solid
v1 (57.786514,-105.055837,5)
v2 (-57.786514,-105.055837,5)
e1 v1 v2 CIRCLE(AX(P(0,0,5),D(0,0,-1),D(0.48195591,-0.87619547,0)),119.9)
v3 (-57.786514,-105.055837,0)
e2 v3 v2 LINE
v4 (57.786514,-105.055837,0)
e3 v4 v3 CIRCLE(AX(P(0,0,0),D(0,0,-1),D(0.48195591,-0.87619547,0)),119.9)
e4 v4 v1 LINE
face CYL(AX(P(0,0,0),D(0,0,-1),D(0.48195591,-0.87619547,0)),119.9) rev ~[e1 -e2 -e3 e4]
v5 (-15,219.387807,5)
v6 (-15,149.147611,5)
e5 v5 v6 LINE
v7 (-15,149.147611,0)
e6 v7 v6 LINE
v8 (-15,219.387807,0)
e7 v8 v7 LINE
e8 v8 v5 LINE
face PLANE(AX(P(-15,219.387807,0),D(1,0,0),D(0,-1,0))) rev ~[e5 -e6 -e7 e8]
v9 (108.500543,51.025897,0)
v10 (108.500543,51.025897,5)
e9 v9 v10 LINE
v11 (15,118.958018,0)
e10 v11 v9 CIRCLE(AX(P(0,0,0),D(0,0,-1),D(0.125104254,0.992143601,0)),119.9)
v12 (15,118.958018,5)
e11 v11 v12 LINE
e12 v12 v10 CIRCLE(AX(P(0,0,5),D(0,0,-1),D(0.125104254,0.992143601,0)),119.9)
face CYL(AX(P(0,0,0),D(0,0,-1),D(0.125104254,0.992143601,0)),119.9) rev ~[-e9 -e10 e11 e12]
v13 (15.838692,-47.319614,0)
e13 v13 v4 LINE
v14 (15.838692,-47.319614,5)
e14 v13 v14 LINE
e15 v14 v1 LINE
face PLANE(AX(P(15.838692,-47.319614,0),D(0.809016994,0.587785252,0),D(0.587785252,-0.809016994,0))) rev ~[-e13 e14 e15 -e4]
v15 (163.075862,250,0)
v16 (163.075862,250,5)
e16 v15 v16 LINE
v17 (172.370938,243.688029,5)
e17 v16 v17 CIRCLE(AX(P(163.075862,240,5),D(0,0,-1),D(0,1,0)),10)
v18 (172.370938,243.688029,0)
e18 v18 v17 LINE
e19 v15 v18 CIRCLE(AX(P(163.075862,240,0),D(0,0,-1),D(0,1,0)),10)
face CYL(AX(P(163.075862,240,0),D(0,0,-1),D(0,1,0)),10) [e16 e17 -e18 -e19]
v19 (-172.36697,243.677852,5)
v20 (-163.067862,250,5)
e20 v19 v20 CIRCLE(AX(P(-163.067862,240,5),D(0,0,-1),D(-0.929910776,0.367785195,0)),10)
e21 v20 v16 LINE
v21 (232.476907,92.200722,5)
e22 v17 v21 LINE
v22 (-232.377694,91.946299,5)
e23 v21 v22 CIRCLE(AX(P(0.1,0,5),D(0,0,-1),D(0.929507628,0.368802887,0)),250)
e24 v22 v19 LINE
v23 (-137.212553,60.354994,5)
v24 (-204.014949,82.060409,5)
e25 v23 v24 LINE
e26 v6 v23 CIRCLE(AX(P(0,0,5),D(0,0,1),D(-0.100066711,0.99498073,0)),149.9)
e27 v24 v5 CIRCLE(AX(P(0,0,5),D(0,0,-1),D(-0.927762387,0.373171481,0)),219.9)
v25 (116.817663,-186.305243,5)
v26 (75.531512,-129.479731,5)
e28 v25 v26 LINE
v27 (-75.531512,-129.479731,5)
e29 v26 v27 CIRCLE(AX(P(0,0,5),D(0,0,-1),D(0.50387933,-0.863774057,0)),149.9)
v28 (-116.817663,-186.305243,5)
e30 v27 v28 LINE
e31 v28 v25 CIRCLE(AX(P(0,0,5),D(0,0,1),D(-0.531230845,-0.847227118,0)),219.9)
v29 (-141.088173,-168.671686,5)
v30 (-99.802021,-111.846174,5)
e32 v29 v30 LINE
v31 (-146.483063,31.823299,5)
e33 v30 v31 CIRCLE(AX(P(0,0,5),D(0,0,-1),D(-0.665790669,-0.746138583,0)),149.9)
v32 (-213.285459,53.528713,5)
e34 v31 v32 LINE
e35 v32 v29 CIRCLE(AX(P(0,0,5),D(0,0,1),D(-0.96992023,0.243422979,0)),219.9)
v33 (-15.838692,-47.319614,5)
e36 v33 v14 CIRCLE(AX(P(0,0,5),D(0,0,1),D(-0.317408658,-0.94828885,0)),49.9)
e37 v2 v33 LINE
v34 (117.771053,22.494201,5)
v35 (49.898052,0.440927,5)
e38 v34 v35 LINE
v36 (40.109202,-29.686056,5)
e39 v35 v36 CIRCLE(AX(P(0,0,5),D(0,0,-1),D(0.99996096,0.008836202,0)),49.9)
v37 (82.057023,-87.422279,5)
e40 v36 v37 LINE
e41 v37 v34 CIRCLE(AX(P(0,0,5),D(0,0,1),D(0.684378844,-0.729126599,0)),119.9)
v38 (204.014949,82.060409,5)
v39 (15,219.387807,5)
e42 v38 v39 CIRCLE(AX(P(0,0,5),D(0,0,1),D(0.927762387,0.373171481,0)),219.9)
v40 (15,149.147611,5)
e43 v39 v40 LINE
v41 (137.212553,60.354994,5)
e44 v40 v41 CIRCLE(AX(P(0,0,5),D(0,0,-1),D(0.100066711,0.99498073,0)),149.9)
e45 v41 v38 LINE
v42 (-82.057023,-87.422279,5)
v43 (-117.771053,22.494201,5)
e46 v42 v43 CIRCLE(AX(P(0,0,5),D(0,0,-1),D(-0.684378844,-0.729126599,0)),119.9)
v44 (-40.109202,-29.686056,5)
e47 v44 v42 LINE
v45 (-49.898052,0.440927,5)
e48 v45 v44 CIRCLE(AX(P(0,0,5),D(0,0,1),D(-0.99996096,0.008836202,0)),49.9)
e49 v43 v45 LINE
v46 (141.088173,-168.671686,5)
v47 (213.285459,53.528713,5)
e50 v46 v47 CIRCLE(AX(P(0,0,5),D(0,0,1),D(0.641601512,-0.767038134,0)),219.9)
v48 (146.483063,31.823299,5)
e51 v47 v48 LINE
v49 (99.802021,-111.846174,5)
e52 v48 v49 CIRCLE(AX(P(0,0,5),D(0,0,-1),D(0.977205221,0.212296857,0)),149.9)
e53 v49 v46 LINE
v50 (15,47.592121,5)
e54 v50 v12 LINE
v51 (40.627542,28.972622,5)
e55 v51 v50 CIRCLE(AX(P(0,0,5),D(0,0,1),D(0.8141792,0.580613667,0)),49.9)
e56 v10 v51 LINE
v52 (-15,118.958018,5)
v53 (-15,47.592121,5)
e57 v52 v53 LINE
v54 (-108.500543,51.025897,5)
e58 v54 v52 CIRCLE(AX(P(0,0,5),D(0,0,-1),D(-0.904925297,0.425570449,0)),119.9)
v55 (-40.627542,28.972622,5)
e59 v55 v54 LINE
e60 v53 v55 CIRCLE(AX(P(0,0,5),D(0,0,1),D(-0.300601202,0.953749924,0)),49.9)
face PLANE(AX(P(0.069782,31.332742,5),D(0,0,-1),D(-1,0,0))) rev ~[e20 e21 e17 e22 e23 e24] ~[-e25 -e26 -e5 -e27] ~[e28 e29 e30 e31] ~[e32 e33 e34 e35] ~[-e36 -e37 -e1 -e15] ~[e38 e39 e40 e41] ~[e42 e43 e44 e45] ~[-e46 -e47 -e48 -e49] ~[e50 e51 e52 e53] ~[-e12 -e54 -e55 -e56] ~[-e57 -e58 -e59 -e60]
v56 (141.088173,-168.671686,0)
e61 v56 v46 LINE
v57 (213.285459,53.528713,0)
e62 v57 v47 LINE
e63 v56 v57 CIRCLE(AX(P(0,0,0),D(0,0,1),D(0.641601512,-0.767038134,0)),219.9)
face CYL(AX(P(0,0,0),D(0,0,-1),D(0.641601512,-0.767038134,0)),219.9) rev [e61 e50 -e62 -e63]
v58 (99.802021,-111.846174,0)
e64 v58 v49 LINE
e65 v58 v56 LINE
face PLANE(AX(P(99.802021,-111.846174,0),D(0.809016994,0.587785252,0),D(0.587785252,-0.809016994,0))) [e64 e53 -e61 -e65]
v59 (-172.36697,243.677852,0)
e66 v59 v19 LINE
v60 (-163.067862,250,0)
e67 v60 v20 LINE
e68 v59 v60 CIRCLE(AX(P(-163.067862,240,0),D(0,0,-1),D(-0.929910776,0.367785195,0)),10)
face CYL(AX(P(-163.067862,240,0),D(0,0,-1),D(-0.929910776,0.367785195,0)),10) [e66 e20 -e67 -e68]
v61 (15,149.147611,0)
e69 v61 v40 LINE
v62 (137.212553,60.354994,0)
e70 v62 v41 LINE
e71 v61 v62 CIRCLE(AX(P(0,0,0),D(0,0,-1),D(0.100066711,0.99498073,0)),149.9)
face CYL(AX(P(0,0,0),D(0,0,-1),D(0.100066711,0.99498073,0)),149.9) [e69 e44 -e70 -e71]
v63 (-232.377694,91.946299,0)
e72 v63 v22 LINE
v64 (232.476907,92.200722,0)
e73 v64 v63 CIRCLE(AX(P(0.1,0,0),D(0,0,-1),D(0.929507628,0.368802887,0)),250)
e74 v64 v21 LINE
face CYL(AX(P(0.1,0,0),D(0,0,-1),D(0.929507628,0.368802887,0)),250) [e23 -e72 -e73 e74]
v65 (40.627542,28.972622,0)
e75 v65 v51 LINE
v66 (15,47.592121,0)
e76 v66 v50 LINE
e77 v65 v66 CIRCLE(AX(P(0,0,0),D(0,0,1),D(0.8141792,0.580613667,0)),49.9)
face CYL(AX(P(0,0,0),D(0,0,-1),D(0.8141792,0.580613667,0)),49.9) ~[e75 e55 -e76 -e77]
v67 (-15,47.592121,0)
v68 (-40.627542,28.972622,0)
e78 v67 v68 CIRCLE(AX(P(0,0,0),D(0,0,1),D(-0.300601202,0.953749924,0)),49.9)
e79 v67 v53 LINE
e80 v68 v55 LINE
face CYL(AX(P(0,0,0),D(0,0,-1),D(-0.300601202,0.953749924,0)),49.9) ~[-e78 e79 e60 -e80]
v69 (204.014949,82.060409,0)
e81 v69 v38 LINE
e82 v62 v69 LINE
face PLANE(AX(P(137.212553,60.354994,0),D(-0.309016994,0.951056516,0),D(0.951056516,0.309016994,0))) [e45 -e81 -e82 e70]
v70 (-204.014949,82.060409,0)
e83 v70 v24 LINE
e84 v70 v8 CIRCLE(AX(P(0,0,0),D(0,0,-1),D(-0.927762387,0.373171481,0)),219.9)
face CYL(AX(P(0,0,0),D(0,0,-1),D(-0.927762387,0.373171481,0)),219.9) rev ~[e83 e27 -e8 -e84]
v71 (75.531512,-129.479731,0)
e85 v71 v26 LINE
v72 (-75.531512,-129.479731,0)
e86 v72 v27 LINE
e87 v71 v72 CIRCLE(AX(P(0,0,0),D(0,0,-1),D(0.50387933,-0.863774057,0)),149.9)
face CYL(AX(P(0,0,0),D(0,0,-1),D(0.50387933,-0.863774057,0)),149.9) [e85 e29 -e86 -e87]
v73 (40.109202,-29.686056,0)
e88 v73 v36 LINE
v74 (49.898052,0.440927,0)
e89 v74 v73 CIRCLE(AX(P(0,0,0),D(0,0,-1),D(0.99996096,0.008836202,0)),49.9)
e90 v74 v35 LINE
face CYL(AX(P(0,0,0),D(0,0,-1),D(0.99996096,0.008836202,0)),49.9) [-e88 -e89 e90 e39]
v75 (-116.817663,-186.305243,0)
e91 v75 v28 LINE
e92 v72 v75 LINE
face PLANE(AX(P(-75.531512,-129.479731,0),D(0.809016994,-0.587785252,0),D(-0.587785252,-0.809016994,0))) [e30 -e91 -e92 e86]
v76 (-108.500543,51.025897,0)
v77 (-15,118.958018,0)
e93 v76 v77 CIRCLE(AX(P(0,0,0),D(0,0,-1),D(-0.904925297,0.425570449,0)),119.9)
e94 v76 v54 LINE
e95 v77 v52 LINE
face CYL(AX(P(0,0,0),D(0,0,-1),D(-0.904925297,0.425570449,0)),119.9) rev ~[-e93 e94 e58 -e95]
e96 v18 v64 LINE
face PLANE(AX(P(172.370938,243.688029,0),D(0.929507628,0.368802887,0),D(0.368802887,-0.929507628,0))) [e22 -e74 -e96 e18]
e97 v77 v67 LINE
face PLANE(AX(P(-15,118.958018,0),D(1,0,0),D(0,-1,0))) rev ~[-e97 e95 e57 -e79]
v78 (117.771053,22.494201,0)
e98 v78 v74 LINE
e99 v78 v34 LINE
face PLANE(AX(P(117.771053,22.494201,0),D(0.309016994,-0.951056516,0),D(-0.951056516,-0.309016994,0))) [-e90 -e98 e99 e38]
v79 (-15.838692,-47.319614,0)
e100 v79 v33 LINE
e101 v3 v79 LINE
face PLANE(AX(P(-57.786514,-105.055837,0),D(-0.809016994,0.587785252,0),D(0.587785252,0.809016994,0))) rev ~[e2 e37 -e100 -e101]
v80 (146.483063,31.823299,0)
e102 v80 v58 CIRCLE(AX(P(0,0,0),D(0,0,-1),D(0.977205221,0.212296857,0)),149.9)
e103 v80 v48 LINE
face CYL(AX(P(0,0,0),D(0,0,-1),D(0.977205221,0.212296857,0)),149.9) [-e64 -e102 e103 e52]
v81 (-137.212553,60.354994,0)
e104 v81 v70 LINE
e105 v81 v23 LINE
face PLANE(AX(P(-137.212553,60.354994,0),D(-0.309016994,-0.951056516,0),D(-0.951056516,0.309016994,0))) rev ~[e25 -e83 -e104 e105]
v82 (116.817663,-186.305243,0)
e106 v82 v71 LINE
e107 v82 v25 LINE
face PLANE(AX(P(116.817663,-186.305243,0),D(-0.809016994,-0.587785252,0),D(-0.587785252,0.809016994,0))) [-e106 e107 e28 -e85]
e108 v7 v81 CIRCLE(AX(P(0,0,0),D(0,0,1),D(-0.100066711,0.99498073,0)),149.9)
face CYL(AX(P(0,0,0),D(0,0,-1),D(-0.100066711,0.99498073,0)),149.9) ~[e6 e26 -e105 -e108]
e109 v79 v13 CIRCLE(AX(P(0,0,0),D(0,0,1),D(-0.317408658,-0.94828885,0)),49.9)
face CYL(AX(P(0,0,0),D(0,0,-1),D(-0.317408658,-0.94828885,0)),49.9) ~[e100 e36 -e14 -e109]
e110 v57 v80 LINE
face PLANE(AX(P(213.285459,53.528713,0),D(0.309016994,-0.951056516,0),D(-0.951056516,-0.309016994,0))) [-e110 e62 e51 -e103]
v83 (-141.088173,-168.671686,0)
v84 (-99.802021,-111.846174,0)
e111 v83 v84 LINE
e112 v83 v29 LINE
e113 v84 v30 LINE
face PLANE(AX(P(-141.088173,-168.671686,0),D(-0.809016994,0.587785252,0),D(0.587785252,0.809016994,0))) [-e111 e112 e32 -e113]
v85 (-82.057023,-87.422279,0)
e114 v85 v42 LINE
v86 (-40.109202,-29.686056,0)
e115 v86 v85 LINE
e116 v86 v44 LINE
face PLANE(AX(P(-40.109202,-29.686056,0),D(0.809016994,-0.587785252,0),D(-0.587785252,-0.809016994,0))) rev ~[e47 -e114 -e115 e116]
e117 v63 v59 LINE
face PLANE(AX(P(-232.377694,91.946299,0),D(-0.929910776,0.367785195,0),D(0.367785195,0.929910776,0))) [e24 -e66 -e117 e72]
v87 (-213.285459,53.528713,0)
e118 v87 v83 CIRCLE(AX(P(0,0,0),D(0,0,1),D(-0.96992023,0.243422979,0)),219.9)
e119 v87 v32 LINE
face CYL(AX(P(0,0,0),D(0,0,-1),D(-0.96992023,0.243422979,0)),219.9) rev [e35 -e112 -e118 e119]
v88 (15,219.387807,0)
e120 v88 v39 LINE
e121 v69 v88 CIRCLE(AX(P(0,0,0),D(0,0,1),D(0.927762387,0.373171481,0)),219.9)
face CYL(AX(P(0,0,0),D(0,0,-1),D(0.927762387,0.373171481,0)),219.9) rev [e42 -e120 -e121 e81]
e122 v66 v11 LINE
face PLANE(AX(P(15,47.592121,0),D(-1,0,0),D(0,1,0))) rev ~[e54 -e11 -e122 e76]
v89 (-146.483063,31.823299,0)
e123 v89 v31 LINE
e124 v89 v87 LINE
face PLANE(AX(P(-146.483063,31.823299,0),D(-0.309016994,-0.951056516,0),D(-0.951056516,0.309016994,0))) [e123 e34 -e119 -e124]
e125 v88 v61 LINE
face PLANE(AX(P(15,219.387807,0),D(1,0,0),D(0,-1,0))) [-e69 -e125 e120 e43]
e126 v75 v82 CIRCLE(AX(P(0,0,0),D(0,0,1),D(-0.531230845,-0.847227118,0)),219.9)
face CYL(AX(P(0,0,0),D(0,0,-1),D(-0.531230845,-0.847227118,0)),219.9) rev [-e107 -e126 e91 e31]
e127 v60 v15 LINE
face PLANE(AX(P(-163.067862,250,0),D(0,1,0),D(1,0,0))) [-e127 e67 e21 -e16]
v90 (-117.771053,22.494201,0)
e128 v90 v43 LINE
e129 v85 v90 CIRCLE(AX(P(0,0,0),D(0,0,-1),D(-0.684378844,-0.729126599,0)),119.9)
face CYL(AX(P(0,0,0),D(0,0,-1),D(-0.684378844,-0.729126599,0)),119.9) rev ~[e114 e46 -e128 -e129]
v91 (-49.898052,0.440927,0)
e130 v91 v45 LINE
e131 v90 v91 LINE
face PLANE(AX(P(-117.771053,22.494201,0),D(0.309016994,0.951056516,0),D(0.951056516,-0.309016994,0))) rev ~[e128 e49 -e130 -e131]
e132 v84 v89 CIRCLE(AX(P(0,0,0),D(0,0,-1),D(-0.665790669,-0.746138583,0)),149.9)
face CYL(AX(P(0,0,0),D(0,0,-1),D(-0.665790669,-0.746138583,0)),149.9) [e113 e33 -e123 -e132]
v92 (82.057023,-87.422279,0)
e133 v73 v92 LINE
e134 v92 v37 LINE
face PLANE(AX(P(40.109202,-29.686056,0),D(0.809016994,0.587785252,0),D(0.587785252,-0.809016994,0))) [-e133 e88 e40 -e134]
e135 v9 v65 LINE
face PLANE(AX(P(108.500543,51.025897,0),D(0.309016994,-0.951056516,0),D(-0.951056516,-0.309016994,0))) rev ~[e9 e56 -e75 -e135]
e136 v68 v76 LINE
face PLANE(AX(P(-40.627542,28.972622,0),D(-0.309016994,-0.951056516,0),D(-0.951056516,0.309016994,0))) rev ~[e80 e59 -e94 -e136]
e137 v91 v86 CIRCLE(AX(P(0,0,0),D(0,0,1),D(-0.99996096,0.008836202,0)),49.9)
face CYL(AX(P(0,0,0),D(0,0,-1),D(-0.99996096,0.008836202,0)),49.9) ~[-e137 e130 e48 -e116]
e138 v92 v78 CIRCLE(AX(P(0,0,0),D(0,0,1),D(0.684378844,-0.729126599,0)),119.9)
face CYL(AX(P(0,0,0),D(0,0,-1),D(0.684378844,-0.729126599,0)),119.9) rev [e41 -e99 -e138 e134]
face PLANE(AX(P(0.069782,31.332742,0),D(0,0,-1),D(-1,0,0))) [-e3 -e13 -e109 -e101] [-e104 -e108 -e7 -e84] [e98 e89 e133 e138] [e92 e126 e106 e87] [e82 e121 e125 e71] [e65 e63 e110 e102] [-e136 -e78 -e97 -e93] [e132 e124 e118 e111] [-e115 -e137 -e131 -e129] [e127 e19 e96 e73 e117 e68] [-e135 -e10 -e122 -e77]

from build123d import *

# Parameters (mm, degrees)
BOSS_EXTRUDE1_DEPTH = 5


with BuildPart() as part:
    # Sketch1 → Boss-Extrude1 (new body)
    with BuildSketch(Plane.XY):
        with BuildLine():
            Line((-232.377693895, 91.946298682), (-172.366969932, 243.677851947))
            ThreePointArc((-172.366969932, 243.677851947), (-168.690205127, 248.269779909), (-163.067862176, 250))
            Line((-163.067862176, 250), (-0.1, 250))
            Line((-0.1, 250), (163.075862176, 250))
            ThreePointArc((163.075862176, 250), (168.693678089, 248.272855877), (172.370938455, 243.688028873))
            Line((172.370938455, 243.688028873), (232.476906979, 92.200721814))
            ThreePointArc((232.476906979, 92.200721814), (0.236829395, -249.999962555), (-232.377693895, 91.946298682))
        make_face()
        with BuildLine():
            Line((15.838692049, -47.319613631), (57.786513592, -105.055836805))
            ThreePointArc((57.786513592, -105.055836805), (0, -119.9), (-57.786513592, -105.055836805))
            Line((-57.786513592, -105.055836805), (-15.838692049, -47.319613631))
            ThreePointArc((-15.838692049, -47.319613631), (0, -49.9), (15.838692049, -47.319613631))
        make_face(mode=Mode.SUBTRACT)
        with BuildLine():
            Line((-40.10920188, -29.686056062), (-82.057023423, -87.422279237))
            ThreePointArc((-82.057023423, -87.422279237), (-114.031676304, -37.051137626), (-117.771052914, 22.494201374))
            Line((-117.771052914, 22.494201374), (-49.898051904, 0.440926504))
            ThreePointArc((-49.898051904, 0.440926504), (-47.457720163, -15.419948019), (-40.10920188, -29.686056062))
        make_face(mode=Mode.SUBTRACT)
        with BuildLine():
            Line((40.10920188, -29.686056062), (82.057023423, -87.422279237))
            ThreePointArc((82.057023423, -87.422279237), (114.031676304, -37.051137626), (117.771052914, 22.494201374))
            Line((117.771052914, 22.494201374), (49.898051904, 0.440926504))
            ThreePointArc((49.898051904, 0.440926504), (47.457720163, -15.419948019), (40.10920188, -29.686056062))
        make_face(mode=Mode.SUBTRACT)
        with BuildLine():
            Line((-137.21255284, 60.354994352), (-204.01494883, 82.060408564))
            ThreePointArc((-204.01494883, 82.060408564), (-129.253976979, 177.902837063), (-15, 219.387807318))
            Line((-15, 219.387807318), (-15, 149.147611446))
            ThreePointArc((-15, 149.147611446), (-88.109009319, 121.271647457), (-137.21255284, 60.354994352))
        make_face(mode=Mode.SUBTRACT)
        with BuildLine():
            Line((-146.483062671, 31.823298863), (-213.285458662, 53.528713076))
            ThreePointArc((-213.285458662, 53.528713076), (-209.137327933, -67.952837063), (-141.08817259, -168.671685695))
            Line((-141.08817259, -168.671685695), (-99.802021338, -111.846173546))
            ThreePointArc((-99.802021338, -111.846173546), (-142.563371793, -46.321647457), (-146.483062671, 31.823298863))
        make_face(mode=Mode.SUBTRACT)
        with BuildLine():
            Line((-75.531511507, -129.479731115), (-116.817662759, -186.305243264))
            ThreePointArc((-116.817662759, -186.305243264), (0, -219.9), (116.817662759, -186.305243264))
            Line((116.817662759, -186.305243264), (75.531511507, -129.479731115))
            ThreePointArc((75.531511507, -129.479731115), (0, -149.9), (-75.531511507, -129.479731115))
        make_face(mode=Mode.SUBTRACT)
        with BuildLine():
            Line((99.802021338, -111.846173546), (141.08817259, -168.671685695))
            ThreePointArc((141.08817259, -168.671685695), (209.137327933, -67.952837063), (213.285458662, 53.528713076))
            Line((213.285458662, 53.528713076), (146.483062671, 31.823298863))
            ThreePointArc((146.483062671, 31.823298863), (142.563371793, -46.321647457), (99.802021338, -111.846173546))
        make_face(mode=Mode.SUBTRACT)
        with BuildLine():
            Line((137.21255284, 60.354994352), (204.01494883, 82.060408564))
            ThreePointArc((204.01494883, 82.060408564), (129.253976979, 177.902837063), (15, 219.387807318))
            Line((15, 219.387807318), (15, 149.147611446))
            ThreePointArc((15, 149.147611446), (88.109009319, 121.271647457), (137.21255284, 60.354994352))
        make_face(mode=Mode.SUBTRACT)
        with BuildLine():
            Line((15, 47.592121197), (15, 118.958017805))
            ThreePointArc((15, 118.958017805), (70.47545175, 97.001137626), (108.500543083, 51.025896863))
            Line((108.500543083, 51.025896863), (40.627542073, 28.972621993))
            ThreePointArc((40.627542073, 28.972621993), (29.330484089, 40.369948019), (15, 47.592121197))
        make_face(mode=Mode.SUBTRACT)
        with BuildLine():
            Line((-40.627542073, 28.972621993), (-108.500543083, 51.025896863))
            ThreePointArc((-108.500543083, 51.025896863), (-70.47545175, 97.001137626), (-15, 118.958017805))
            Line((-15, 118.958017805), (-15, 47.592121197))
            ThreePointArc((-15, 47.592121197), (-29.330484089, 40.369948019), (-40.627542073, 28.972621993))
        make_face(mode=Mode.SUBTRACT)
    extrude(amount=BOSS_EXTRUDE1_DEPTH)


solid = part.part
